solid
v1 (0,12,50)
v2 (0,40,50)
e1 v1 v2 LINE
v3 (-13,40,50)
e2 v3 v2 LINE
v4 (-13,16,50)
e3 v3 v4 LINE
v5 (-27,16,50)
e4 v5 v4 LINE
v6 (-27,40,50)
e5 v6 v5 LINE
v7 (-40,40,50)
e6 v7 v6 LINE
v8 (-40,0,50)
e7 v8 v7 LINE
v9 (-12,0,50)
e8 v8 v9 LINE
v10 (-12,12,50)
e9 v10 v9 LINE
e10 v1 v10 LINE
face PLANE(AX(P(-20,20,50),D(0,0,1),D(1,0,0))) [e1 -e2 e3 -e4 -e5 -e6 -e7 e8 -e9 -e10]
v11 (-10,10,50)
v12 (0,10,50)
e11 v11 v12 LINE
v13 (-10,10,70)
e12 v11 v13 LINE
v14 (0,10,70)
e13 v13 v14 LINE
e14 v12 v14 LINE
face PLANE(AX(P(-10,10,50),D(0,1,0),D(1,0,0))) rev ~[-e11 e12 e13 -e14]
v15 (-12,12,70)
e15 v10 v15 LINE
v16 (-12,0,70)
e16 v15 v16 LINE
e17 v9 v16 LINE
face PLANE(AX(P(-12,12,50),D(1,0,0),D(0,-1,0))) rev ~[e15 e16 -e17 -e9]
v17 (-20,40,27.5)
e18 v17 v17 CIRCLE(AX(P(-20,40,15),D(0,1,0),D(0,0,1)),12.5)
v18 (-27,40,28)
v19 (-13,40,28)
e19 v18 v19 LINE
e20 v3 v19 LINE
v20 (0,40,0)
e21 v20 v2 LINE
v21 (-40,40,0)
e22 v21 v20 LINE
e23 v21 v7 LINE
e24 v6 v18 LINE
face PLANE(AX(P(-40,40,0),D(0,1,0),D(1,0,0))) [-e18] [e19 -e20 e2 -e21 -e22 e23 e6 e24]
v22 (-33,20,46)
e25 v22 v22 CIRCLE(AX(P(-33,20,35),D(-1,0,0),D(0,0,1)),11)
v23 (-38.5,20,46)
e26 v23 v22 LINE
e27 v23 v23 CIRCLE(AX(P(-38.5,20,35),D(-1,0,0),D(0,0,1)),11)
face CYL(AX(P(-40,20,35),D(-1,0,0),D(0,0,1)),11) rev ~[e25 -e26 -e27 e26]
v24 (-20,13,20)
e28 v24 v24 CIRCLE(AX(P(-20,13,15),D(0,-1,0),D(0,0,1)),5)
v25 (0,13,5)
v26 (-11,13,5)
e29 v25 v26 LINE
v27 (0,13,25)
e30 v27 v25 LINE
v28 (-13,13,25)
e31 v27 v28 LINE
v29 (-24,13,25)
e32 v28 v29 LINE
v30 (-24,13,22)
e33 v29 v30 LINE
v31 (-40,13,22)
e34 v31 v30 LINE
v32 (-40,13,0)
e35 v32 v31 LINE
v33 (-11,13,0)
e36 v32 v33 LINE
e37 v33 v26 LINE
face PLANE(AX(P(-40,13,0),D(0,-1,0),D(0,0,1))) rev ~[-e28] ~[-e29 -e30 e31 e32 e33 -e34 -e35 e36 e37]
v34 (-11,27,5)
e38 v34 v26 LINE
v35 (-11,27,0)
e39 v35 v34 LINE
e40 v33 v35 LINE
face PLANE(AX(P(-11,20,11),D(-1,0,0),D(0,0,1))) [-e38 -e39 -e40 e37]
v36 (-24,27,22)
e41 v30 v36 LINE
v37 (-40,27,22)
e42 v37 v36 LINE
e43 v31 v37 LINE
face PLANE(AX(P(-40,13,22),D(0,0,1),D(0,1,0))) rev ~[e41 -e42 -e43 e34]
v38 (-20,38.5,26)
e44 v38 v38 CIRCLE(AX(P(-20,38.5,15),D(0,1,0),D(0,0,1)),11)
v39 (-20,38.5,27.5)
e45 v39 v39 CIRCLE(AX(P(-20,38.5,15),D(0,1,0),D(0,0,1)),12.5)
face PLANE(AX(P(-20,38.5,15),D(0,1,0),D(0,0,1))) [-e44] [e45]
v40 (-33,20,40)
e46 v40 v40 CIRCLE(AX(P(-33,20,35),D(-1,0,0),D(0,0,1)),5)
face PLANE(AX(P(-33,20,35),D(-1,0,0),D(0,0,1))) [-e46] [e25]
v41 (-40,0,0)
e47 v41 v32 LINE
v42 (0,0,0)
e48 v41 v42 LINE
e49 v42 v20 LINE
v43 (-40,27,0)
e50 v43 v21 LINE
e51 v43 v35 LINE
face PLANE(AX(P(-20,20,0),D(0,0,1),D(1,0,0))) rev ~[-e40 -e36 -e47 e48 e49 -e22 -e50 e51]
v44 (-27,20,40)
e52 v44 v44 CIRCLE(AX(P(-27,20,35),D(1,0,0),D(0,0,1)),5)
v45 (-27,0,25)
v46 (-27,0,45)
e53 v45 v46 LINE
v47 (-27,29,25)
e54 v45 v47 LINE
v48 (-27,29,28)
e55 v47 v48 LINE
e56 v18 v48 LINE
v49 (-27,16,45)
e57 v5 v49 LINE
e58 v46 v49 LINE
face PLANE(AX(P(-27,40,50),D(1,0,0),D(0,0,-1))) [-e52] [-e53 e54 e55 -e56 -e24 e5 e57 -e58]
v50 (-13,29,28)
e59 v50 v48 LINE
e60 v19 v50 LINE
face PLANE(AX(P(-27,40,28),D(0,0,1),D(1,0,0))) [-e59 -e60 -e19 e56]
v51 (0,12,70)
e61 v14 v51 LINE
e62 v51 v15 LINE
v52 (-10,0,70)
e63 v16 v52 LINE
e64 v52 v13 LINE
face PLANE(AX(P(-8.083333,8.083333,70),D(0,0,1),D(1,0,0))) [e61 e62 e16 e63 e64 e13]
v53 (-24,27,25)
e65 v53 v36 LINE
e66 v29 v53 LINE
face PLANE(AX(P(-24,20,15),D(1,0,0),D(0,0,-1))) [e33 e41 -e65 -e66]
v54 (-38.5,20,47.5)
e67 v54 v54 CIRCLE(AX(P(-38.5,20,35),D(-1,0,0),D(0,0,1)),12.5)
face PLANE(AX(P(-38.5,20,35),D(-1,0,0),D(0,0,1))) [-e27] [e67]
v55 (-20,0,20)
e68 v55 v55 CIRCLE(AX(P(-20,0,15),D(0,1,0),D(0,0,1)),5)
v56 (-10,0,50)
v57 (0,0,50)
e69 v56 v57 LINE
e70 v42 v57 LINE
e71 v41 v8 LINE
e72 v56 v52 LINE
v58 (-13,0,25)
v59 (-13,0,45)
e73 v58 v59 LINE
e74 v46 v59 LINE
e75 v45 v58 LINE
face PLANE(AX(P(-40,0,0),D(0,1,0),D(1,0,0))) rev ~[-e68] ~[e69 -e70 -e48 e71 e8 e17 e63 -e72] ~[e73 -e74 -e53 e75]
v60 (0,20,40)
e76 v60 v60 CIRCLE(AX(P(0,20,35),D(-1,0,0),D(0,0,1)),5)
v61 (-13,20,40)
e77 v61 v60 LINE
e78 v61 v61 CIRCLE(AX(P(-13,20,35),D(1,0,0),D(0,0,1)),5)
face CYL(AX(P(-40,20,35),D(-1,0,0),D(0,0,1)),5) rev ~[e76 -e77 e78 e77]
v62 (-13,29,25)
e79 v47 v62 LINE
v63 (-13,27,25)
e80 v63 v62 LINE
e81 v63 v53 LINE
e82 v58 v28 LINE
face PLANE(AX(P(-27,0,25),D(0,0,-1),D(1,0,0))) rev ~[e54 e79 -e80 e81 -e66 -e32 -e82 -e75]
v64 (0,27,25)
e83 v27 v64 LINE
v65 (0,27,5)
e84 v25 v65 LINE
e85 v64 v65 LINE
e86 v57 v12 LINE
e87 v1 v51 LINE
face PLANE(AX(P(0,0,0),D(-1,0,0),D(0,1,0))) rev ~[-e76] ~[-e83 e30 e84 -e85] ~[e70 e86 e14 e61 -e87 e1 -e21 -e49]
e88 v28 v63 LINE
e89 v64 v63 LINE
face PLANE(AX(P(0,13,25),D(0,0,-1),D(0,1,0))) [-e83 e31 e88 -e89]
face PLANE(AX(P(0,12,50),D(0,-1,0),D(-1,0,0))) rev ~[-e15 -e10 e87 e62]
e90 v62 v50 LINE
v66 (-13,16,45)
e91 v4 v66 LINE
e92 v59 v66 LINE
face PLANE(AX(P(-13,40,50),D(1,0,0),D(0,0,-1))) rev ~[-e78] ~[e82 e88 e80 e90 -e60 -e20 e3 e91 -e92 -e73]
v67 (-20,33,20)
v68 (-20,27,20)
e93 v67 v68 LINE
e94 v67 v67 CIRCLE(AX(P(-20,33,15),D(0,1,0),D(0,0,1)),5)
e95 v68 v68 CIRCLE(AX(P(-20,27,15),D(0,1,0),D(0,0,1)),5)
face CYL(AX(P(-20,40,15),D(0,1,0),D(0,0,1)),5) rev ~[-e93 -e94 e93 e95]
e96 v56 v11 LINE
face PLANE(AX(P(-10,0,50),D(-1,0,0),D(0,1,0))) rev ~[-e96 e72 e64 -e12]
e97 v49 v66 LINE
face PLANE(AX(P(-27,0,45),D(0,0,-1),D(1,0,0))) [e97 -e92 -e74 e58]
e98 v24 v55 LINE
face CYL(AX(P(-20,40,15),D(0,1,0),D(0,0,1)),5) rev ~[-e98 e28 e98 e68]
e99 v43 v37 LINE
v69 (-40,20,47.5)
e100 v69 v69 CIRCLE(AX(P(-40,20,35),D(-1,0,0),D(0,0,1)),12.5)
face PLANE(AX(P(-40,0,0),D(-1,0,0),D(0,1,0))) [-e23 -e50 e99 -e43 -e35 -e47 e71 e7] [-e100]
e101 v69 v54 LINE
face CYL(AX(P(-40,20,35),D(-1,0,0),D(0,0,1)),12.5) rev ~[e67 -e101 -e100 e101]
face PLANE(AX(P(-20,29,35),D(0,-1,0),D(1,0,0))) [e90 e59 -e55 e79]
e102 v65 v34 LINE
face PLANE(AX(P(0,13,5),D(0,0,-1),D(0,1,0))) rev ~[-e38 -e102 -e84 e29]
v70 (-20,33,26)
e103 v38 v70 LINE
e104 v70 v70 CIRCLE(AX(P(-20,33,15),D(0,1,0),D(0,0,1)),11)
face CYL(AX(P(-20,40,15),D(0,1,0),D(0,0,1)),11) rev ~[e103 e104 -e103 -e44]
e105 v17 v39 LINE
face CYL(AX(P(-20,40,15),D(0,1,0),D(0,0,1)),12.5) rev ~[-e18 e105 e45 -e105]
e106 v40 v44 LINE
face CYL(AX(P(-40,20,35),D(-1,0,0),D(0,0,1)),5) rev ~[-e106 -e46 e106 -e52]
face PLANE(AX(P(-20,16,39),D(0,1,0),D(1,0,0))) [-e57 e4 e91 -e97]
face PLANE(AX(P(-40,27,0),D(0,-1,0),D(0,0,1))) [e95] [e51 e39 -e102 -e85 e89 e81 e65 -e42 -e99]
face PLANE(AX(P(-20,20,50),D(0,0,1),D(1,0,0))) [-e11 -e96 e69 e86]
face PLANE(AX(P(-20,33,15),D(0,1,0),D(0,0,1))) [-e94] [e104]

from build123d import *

# Parameters (mm, degrees)
ESQUISSE1_W              = 40
ESQUISSE1_H              = 40
BOSS_EXTRU_1_DEPTH       = 50
ESQUISSE2_R              = 5
ENL_V_MAT_EXTRU_1_DEPTH  = 41
ESQUISSE3_R              = 5
ENL_V_MAT_EXTRU_2_DEPTH  = 41
ESQUISSE4_W              = 22
ESQUISSE4_H              = 14
ENL_V_MAT_EXTRU_3_DEPTH  = 29
ESQUISSE5_W              = 14
ESQUISSE5_H              = 20
ENL_V_MAT_EXTRU_4_DEPTH  = 29
ESQUISSE6_W              = 20
ESQUISSE6_H              = 14
ENL_V_MAT_EXTRU_5_DEPTH  = 24
ESQUISSE7_W              = 14
ESQUISSE7_H              = 22
ENL_V_MAT_EXTRU_6_DEPTH  = 24
ESQUISSE10_R             = 11
ENL_V_MAT_EXTRU_9_DEPTH  = 7
ESQUISSE11_R             = 12.5
ENL_V_MAT_EXTRU_10_DEPTH = 1.5
BOSS_EXTRU_2_DEPTH       = 20
ESQUISSE14_R             = 11
ENL_V_MAT_EXTRU_11_DEPTH = 7
ESQUISSE15_R             = 12.5
ENL_V_MAT_EXTRU_12_DEPTH = 1.5


with BuildPart() as part:
    # Esquisse1 → Boss.-Extru.1 (new body)
    with BuildSketch(Plane.XY):
        with Locations((-20, 20)):
            Rectangle(ESQUISSE1_W, ESQUISSE1_H)
    extrude(amount=BOSS_EXTRU_1_DEPTH)

    # Esquisse2 → Enlèv. mat.-Extru.1 (cut, through all)
    with BuildSketch(Plane(origin=(0, 40, 0), x_dir=(1, 0, 0), z_dir=(0, 1, 0))):
        with Locations(Location((-20, -15, 0), (0, 0, 270))):  # turned: the seam where the file's is
            Circle(ESQUISSE2_R)
    extrude(amount=-ENL_V_MAT_EXTRU_1_DEPTH, mode=Mode.SUBTRACT)

    # Esquisse3 → Enlèv. mat.-Extru.2 (cut, through all)
    with BuildSketch(Plane.ZY.offset(40)):
        with Locations((35, 20)):
            Circle(ESQUISSE3_R)
    extrude(amount=-ENL_V_MAT_EXTRU_2_DEPTH, mode=Mode.SUBTRACT)

    # Esquisse4 → Enlèv. mat.-Extru.3 (cut)
    with BuildSketch(Plane.ZY.offset(40)):
        with Locations((11, 20)):
            Rectangle(ESQUISSE4_W, ESQUISSE4_H)
    extrude(amount=-ENL_V_MAT_EXTRU_3_DEPTH, mode=Mode.SUBTRACT)

    # Esquisse5 → Enlèv. mat.-Extru.4 (cut)
    with BuildSketch(Plane.XZ):
        with Locations((-20, 35)):
            Rectangle(ESQUISSE5_W, ESQUISSE5_H)
    extrude(amount=-ENL_V_MAT_EXTRU_4_DEPTH, mode=Mode.SUBTRACT)

    # Esquisse6 → Enlèv. mat.-Extru.5 (cut)
    with BuildSketch(Plane(origin=(0, 0, 0), x_dir=(0, 0, -1), z_dir=(1, 0, 0))):
        with Locations((-15, 20)):
            Rectangle(ESQUISSE6_W, ESQUISSE6_H)
    extrude(amount=-ENL_V_MAT_EXTRU_5_DEPTH, mode=Mode.SUBTRACT)

    # Esquisse7 → Enlèv. mat.-Extru.6 (cut)
    with BuildSketch(Plane(origin=(0, 40, 0), x_dir=(1, 0, 0), z_dir=(0, 1, 0))):
        with Locations((-20, -39)):
            Rectangle(ESQUISSE7_W, ESQUISSE7_H)
    extrude(amount=-ENL_V_MAT_EXTRU_6_DEPTH, mode=Mode.SUBTRACT)

    # Esquisse10 → Enlèv. mat.-Extru.9 (cut)
    with BuildSketch(Plane(origin=(0, 40, 0), x_dir=(1, 0, 0), z_dir=(0, 1, 0))):
        with Locations(Location((-20, -15, 0), (0, 0, 270))):  # turned: the seam where the file's is
            Circle(ESQUISSE10_R)
    extrude(amount=-ENL_V_MAT_EXTRU_9_DEPTH, mode=Mode.SUBTRACT)

    # Esquisse11 → Enlèv. mat.-Extru.10 (cut)
    with BuildSketch(Plane(origin=(0, 40, 0), x_dir=(1, 0, 0), z_dir=(0, 1, 0))):
        with Locations(Location((-20, -15, 0), (0, 0, 270))):  # turned: the seam where the file's is
            Circle(ESQUISSE11_R)
    extrude(amount=-ENL_V_MAT_EXTRU_10_DEPTH, mode=Mode.SUBTRACT)

    # Esquisse13 → Boss.-Extru.2 (add)
    with BuildSketch(Plane.XY.offset(50)):
        Polygon((-10, 0), (-10, 10), (0, 10), (0, 12), (-12, 12), (-12, 0), align=None)
    extrude(amount=BOSS_EXTRU_2_DEPTH)

    # Esquisse14 → Enlèv. mat.-Extru.11 (cut)
    with BuildSketch(Plane.ZY.offset(40)):
        with Locations((35, 20)):
            Circle(ESQUISSE14_R)
    extrude(amount=-ENL_V_MAT_EXTRU_11_DEPTH, mode=Mode.SUBTRACT)

    # Esquisse15 → Enlèv. mat.-Extru.12 (cut)
    with BuildSketch(Plane.ZY.offset(40)):
        with Locations((35, 20)):
            Circle(ESQUISSE15_R)
    extrude(amount=-ENL_V_MAT_EXTRU_12_DEPTH, mode=Mode.SUBTRACT)


solid = part.part
